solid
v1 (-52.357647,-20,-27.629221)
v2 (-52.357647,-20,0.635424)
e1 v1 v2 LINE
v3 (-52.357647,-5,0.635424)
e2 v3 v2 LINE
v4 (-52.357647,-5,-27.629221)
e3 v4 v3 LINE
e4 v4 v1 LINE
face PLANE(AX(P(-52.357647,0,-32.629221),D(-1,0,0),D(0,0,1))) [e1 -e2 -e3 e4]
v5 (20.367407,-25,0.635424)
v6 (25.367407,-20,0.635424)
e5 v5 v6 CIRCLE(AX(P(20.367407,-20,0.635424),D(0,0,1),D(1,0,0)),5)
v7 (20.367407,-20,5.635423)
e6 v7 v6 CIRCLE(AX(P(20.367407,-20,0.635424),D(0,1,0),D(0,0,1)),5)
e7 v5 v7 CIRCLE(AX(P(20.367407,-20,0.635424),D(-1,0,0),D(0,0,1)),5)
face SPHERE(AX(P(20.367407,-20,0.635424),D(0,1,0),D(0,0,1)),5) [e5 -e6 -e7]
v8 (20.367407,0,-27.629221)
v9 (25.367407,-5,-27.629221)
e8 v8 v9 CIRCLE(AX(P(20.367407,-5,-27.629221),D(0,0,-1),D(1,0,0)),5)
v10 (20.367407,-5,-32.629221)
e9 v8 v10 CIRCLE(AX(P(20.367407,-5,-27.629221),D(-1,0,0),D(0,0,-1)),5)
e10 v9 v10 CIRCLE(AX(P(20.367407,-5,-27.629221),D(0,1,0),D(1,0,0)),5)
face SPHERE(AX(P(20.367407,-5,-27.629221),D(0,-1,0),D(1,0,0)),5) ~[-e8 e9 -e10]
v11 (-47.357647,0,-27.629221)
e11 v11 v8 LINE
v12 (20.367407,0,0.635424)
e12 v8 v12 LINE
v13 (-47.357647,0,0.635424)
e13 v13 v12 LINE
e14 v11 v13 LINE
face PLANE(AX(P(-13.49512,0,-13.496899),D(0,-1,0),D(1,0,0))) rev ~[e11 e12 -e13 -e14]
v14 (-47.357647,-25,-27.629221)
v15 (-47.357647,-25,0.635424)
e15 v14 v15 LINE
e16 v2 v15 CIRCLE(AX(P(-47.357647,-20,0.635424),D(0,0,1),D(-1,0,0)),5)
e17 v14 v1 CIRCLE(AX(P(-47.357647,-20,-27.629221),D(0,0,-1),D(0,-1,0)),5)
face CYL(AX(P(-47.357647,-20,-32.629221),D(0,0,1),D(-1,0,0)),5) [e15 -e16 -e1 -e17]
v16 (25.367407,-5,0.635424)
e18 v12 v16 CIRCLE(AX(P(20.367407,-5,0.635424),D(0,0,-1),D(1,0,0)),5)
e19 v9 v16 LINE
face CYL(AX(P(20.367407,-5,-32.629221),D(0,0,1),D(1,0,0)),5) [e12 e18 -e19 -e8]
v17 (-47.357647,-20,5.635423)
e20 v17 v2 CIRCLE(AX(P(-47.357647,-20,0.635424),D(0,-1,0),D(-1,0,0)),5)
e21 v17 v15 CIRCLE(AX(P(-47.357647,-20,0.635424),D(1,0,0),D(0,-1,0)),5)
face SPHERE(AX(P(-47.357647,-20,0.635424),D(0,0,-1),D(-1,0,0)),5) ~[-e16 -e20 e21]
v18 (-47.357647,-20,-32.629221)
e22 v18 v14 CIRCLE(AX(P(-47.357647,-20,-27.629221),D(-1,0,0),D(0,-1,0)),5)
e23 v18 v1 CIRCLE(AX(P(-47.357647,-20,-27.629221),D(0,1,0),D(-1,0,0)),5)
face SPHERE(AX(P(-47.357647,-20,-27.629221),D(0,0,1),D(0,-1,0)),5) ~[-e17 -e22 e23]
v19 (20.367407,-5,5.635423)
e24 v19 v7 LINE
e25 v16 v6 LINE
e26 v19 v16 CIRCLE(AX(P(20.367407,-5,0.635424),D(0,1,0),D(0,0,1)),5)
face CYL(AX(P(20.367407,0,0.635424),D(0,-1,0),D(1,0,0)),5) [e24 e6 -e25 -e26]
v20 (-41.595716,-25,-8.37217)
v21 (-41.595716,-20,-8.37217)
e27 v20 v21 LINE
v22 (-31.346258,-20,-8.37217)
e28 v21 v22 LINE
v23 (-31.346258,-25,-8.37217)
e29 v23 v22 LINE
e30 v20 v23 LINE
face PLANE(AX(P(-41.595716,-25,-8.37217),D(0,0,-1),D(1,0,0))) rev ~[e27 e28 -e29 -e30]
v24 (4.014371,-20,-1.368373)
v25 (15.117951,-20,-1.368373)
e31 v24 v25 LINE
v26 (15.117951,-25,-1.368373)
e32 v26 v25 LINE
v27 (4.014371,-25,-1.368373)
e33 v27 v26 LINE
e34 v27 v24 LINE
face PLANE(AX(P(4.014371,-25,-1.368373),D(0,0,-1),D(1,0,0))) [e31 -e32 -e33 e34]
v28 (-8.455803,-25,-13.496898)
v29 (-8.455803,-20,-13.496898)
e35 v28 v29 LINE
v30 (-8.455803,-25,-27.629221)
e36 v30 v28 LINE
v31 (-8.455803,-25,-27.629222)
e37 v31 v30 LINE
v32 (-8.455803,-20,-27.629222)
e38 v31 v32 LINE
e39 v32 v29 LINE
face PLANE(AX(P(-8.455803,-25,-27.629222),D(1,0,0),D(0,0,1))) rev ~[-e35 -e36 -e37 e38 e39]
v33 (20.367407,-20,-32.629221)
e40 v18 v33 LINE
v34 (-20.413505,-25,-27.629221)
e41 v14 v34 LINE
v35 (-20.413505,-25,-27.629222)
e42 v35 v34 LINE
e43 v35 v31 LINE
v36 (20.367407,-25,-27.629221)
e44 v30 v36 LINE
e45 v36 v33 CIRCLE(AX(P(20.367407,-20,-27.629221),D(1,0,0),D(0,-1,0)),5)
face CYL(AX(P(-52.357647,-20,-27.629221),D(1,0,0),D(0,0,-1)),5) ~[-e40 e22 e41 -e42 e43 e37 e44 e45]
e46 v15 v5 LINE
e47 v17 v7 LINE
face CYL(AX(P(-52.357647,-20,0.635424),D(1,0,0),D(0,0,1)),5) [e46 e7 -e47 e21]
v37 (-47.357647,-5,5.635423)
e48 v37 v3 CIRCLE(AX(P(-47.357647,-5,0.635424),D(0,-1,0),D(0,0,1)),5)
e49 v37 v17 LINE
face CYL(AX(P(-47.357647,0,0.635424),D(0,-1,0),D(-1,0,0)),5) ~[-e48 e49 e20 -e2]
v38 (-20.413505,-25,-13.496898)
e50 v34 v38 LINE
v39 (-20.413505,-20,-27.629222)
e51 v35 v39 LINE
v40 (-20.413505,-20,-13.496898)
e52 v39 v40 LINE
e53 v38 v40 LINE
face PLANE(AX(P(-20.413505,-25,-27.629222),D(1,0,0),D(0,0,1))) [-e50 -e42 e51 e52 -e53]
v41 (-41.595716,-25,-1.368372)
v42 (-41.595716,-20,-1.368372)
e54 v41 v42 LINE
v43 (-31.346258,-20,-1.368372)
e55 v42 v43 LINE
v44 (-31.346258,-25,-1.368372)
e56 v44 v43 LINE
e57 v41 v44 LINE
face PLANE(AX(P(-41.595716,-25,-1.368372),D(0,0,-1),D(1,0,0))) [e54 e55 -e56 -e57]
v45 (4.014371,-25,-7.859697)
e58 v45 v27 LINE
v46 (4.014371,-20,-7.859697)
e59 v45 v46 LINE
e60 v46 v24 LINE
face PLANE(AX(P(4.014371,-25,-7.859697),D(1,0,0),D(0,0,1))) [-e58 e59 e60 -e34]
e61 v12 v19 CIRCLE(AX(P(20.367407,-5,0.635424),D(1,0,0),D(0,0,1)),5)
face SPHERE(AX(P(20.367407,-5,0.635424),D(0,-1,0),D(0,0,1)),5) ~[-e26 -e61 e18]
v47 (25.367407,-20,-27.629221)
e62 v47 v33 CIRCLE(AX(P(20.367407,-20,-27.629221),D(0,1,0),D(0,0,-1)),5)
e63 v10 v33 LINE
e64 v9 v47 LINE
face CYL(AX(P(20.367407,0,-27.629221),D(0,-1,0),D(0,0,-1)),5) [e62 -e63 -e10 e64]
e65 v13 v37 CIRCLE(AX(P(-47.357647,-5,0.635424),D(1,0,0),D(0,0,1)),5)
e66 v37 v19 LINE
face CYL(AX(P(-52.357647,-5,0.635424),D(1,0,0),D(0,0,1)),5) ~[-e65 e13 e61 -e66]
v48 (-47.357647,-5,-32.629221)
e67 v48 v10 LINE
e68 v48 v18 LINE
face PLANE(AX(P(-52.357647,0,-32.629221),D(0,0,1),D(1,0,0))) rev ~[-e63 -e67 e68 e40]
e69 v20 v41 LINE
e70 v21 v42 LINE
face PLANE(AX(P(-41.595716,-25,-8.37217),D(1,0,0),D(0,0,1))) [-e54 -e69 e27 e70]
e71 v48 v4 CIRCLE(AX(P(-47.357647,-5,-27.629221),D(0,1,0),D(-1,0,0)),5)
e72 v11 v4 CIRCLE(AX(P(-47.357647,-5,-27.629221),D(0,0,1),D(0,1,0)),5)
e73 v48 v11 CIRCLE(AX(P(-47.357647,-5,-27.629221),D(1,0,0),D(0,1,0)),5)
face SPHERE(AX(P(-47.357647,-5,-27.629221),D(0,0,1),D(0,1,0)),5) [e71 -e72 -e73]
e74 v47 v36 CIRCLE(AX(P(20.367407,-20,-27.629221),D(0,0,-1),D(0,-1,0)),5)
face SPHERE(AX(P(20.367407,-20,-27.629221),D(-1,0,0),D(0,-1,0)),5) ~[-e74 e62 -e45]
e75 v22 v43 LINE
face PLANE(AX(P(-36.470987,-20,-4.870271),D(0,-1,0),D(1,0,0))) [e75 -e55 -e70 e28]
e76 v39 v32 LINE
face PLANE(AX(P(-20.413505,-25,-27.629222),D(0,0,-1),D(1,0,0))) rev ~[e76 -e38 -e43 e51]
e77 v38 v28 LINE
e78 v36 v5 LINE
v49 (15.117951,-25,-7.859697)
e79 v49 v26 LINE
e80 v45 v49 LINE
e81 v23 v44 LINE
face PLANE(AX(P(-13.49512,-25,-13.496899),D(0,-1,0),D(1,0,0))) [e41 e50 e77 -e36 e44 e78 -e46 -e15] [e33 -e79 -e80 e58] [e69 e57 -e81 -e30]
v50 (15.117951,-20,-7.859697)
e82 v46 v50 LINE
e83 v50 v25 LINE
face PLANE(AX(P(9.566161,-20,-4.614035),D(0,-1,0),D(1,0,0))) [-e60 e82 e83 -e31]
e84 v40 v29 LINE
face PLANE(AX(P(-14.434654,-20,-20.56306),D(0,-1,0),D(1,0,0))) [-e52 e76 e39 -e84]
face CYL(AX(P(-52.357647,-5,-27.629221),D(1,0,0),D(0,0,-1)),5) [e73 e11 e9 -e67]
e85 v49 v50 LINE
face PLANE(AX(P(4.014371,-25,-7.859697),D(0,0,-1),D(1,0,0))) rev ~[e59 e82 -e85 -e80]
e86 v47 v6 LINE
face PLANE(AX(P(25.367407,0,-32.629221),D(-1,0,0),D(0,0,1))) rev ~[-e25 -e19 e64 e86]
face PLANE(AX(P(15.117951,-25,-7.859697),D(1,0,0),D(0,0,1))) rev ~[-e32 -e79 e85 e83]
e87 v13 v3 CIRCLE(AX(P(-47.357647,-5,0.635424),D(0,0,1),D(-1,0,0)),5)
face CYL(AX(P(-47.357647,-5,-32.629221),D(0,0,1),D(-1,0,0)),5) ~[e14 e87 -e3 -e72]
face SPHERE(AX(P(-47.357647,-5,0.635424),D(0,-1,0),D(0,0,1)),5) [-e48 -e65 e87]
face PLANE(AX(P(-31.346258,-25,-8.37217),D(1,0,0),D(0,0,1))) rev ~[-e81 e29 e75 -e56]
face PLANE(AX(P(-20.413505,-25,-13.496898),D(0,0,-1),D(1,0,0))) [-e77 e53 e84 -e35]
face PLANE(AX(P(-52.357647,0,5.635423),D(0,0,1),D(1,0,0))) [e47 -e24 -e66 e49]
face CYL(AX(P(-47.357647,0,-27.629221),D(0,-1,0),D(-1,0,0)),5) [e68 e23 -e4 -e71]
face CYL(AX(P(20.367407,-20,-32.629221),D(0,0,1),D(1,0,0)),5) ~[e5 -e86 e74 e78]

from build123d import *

# Parameters (mm, degrees)
F0_W     = 77.725055
F0_H     = 38.264645
F1_DEPTH = 25
F2_R     = 5
F3_W     = 10.249458
F3_H     = 7.003797
F3_W_2   = 11.10358
F3_H_2   = 6.491324
F3_W_3   = 11.957702
F3_H_3   = 14.132324
F4_DEPTH = 5


with BuildPart() as f1:
    # F0 (on Front) → F1 (new body)
    with BuildSketch(Plane.XZ):
        with Locations((-13.49512, -13.496899)):
            Rectangle(F0_W, F0_H)
    extrude(amount=F1_DEPTH)

    # F2
    f2_edges = [f1.edges().sort_by_distance(p)[0] for p in [
        (-52.357648, -25, -13.496899),
        (25.367407, -12.5, 5.635423),
        (-52.357648, -12.5, 5.635423),
        (-13.49512, 0, 5.635423),
        (-13.49512, -25, 5.635423),
        (-13.49512, -25, -32.629222),
        (25.367407, -25, -13.496899),
        (25.367407, -12.5, -32.629222),
        (25.367407, 0, -13.496899),
        (-52.357648, 0, -13.496899),
        (-13.49512, 0, -32.629222),
        (-52.357648, -12.5, -32.629222),
    ]]
    fillet(f2_edges, radius=F2_R)

    # F3 (on face) → F4 (cut)
    with BuildSketch(Plane.XZ.offset(25)):
        with Locations((-36.470987, -4.870271)):
            Rectangle(F3_W, F3_H)
        with Locations((9.566161, -4.614035)):
            Rectangle(F3_W_2, F3_H_2)
        with Locations((-14.434654, -20.56306)):
            Rectangle(F3_W_3, F3_H_3)
    extrude(amount=-F4_DEPTH, mode=Mode.SUBTRACT)


solid = f1.part
